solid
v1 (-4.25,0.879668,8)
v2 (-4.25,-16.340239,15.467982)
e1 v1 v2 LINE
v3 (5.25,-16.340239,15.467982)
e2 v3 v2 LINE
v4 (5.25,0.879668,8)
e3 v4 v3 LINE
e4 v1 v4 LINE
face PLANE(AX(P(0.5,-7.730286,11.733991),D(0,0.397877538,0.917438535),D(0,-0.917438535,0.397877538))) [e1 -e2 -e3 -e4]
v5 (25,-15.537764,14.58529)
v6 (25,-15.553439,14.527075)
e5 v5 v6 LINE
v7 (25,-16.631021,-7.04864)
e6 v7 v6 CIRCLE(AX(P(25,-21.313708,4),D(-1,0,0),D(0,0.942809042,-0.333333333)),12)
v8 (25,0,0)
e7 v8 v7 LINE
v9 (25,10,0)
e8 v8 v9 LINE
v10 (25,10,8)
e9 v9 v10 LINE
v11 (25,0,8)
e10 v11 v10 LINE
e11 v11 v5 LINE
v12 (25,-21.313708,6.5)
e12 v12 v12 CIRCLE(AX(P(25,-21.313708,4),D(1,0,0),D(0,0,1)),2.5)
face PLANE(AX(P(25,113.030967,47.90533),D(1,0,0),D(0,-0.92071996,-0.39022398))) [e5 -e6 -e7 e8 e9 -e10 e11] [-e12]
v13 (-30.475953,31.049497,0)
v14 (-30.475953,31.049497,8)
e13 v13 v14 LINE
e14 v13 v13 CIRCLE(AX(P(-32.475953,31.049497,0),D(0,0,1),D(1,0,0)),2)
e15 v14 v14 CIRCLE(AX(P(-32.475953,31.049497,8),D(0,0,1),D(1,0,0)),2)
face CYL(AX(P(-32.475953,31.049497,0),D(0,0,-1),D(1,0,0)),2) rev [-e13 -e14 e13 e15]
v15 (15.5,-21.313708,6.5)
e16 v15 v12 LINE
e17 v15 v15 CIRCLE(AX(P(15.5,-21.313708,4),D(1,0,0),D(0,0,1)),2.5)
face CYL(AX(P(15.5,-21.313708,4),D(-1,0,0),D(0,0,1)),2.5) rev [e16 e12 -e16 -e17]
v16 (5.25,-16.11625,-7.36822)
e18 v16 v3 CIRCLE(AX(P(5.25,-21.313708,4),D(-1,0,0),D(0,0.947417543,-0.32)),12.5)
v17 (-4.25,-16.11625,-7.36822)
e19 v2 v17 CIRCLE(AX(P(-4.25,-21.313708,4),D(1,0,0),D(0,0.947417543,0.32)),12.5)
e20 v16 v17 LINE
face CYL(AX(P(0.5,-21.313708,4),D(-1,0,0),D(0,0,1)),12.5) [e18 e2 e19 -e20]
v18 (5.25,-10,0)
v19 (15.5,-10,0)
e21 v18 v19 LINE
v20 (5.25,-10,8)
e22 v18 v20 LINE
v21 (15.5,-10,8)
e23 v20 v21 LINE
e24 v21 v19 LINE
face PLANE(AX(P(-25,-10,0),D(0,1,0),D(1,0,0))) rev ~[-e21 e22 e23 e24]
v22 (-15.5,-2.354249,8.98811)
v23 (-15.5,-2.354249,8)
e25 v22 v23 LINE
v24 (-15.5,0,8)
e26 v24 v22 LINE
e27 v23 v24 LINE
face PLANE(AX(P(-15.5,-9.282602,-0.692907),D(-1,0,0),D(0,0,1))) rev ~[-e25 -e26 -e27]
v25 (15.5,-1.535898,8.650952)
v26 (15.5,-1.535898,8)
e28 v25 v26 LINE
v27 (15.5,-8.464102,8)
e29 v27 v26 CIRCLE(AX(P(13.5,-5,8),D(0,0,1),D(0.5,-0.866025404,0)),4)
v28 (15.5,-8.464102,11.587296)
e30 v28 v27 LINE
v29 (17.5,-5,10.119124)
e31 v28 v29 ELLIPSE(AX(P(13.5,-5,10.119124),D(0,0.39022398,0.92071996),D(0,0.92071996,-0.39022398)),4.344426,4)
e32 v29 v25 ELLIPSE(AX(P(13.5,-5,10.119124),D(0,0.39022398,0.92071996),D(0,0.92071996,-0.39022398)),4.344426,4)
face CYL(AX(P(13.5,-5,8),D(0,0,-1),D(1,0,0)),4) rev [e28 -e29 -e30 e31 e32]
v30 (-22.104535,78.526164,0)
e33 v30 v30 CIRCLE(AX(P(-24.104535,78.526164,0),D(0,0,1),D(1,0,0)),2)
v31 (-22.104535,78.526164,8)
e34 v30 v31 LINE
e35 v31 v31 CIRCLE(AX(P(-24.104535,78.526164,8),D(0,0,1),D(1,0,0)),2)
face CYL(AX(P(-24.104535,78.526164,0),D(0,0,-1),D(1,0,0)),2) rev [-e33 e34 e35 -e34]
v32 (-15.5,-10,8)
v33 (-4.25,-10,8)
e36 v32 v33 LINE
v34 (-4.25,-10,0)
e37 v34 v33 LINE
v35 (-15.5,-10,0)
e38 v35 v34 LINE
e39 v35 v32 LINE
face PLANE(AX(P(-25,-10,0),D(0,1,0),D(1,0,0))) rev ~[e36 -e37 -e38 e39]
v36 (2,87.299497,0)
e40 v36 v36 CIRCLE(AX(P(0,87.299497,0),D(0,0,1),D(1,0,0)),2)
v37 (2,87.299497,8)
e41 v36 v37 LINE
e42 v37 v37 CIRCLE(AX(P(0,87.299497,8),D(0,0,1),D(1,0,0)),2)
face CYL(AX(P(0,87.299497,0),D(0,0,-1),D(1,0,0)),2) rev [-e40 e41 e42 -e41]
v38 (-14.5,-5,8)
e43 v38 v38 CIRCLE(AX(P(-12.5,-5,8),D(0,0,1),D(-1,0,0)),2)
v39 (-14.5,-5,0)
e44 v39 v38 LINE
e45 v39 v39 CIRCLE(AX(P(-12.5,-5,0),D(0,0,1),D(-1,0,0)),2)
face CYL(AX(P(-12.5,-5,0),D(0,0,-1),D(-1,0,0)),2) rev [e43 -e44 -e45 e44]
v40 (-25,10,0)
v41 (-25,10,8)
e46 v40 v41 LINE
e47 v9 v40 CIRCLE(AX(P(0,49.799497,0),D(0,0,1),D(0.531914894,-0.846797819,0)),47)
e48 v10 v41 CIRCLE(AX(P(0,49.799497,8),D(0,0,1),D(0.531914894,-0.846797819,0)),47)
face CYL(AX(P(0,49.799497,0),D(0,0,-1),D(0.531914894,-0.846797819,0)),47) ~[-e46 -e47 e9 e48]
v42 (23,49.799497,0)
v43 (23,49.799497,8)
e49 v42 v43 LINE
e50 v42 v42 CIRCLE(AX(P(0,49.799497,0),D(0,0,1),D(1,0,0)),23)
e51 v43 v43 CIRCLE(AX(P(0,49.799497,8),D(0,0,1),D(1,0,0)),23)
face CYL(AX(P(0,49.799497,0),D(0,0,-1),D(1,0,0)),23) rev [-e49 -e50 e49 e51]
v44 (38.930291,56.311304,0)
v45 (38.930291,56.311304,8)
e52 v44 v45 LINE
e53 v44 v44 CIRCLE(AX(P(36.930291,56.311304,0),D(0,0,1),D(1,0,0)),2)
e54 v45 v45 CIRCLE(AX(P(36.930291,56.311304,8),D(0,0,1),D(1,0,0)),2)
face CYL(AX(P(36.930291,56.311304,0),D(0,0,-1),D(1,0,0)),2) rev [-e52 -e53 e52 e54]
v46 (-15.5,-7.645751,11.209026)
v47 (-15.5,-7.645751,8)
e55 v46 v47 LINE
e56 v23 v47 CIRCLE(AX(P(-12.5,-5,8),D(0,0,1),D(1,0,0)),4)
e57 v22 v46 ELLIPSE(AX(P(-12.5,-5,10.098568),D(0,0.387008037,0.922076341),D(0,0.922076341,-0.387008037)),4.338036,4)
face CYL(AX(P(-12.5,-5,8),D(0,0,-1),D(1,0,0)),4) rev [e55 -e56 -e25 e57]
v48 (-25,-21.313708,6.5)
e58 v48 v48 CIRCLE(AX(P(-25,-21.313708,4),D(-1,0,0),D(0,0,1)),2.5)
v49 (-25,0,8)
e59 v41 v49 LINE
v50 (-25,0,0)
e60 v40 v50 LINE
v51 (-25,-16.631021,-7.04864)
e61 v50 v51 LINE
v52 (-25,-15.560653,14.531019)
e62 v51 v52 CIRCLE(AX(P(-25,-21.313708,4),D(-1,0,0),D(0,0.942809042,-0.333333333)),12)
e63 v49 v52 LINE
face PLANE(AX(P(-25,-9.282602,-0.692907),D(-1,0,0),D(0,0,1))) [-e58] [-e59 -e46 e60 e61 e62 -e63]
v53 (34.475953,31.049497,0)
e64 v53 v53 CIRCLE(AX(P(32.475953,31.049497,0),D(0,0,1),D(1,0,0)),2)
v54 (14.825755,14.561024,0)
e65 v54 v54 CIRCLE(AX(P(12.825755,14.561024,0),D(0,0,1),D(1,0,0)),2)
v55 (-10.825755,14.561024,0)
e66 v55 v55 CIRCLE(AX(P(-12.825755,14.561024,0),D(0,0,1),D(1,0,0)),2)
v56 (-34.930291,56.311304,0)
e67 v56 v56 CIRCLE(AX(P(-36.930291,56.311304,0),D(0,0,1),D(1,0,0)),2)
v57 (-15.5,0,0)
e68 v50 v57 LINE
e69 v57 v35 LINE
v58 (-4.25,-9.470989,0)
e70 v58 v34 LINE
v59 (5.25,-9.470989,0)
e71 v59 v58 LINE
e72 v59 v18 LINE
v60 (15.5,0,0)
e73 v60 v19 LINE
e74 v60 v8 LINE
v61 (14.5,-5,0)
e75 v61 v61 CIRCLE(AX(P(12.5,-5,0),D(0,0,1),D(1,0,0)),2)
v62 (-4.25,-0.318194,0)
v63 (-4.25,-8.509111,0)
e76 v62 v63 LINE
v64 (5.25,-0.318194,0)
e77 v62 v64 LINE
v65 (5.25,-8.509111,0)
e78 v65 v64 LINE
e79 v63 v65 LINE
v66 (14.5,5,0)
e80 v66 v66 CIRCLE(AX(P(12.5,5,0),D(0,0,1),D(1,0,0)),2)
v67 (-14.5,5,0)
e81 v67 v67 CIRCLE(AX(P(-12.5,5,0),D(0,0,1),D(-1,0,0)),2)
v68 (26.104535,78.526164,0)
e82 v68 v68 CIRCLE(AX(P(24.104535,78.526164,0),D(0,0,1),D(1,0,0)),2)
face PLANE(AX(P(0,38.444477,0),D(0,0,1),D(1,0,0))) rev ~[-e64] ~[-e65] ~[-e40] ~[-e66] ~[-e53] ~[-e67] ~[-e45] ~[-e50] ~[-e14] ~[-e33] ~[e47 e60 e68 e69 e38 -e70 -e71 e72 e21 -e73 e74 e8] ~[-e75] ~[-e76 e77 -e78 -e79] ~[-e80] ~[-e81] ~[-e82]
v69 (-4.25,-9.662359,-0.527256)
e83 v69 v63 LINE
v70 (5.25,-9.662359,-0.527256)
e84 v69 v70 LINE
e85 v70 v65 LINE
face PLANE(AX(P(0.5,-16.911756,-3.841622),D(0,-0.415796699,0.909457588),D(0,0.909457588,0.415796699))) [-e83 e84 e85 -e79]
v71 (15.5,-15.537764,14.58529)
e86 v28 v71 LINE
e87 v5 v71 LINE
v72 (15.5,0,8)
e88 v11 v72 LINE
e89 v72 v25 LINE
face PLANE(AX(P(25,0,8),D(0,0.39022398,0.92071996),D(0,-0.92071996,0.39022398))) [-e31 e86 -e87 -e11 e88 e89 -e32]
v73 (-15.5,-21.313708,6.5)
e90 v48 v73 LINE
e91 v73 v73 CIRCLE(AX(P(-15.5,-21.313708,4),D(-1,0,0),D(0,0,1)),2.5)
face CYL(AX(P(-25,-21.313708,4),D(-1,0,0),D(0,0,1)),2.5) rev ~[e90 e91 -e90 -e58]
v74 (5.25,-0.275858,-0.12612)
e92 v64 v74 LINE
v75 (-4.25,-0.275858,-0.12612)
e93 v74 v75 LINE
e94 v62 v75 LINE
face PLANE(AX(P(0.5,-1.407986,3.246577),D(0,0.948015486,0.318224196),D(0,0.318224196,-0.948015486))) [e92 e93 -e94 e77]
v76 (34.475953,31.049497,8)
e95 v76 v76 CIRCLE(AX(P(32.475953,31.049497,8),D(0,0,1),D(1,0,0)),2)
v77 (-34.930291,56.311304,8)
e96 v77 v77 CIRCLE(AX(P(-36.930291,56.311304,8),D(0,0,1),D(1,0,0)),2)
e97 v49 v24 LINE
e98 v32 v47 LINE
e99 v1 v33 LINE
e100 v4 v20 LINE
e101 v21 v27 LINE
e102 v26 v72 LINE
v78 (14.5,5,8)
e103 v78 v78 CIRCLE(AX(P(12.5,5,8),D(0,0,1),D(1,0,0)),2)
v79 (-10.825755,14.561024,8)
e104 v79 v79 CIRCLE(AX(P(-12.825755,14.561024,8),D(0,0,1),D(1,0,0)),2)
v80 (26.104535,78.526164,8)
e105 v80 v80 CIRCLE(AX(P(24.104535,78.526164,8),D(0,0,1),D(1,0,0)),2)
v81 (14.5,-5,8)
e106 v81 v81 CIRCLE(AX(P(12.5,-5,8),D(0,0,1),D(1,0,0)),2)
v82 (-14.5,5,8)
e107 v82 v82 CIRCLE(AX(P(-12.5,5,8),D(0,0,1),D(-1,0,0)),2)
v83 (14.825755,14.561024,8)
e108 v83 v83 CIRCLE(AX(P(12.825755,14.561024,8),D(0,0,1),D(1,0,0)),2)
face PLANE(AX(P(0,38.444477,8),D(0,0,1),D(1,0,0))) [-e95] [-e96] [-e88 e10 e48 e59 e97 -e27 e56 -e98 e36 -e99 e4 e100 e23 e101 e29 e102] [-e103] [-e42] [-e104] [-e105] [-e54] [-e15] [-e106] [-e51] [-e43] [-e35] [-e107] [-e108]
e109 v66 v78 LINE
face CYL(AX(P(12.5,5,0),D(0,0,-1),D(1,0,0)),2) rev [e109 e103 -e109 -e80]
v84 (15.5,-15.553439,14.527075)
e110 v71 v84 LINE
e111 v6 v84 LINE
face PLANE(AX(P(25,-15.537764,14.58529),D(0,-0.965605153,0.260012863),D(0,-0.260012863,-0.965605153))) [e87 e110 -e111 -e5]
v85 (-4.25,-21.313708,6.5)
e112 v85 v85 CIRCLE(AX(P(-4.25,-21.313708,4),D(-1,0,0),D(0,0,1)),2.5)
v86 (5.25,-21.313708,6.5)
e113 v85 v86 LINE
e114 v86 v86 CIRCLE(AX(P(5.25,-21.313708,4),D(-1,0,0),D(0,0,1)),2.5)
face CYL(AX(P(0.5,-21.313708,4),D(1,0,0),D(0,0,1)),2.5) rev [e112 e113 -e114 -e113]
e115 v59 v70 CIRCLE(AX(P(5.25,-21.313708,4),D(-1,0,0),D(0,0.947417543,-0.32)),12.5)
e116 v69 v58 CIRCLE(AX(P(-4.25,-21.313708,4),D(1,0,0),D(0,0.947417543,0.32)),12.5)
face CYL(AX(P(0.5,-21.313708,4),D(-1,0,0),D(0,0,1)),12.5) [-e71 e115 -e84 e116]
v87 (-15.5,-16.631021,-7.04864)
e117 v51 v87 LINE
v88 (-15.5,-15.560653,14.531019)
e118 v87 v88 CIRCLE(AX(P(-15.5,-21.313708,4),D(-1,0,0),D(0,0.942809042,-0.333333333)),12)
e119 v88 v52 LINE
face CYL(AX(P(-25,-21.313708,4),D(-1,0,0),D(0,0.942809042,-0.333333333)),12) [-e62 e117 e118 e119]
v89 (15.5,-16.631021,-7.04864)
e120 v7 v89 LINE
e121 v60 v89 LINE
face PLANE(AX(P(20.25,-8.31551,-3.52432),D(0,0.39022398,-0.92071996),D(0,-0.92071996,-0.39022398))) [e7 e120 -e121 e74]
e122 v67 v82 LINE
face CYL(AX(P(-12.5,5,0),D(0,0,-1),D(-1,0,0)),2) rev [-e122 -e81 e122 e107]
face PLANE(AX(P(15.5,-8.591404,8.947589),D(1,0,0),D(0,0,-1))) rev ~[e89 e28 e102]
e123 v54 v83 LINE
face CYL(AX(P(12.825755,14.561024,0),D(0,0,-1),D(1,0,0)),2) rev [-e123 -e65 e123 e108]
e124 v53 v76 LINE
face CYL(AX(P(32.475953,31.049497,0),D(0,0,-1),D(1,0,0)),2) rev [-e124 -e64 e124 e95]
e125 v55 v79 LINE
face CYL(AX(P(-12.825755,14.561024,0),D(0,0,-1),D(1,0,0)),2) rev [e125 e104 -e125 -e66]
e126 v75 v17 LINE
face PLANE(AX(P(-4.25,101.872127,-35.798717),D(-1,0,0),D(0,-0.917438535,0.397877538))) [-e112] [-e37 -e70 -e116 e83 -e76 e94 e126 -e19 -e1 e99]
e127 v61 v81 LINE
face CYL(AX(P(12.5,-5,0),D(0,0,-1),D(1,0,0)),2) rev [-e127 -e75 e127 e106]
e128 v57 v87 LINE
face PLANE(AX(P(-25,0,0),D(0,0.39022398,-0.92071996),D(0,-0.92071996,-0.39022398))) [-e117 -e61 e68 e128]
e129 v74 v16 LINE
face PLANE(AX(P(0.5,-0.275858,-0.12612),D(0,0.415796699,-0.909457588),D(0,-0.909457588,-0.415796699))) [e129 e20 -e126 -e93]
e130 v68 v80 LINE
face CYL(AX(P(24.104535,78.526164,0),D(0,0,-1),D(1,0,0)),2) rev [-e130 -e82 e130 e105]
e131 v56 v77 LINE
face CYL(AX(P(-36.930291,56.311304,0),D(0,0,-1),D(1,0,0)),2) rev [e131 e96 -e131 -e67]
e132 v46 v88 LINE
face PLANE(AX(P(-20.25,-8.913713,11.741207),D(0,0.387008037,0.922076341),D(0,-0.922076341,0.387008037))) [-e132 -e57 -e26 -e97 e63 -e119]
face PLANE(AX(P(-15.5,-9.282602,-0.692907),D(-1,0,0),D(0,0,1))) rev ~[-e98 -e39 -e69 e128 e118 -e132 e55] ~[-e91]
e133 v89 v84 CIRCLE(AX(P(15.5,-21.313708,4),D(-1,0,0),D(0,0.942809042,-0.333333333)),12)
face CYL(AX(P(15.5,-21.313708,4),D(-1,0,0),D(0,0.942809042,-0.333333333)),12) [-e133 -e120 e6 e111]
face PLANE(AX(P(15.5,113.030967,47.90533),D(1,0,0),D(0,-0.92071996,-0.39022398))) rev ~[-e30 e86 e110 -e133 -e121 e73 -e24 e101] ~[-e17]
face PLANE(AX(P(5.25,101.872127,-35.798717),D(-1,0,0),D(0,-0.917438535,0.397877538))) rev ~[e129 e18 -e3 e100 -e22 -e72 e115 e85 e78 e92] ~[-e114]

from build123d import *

# Parameters (mm, degrees)
SKETCH_1_R                  = 2
SKETCH_1_R_2                = 23
EXTRUDE_1_DEPTH             = 8
SKETCH_2_R                  = 2.5
EXTRUDE_2_DEPTH             = 9.5
EXTRUDE_START               = -9.5
SKETCH_4_R                  = 2.5
EXTRUDE_4_DEPTH             = 9.5
SKETCH_6_R                  = 12.5
SKETCH_6_R_2                = 2.5
EXTRUDE_1_2_DEPTH           = 4.75
RIB_1_REACH                 = 123.764
SKETCH_7_WALL_W             = 264.861352648
SKETCH_7_WALL_H             = 9.5
EXTRUDE_5_DEPTH             = 9.5
EXTRUDE_6_DEPTH             = 9.5
CUT_EXTRUDE_3_REACH         = 110.864
SKETCH_20_R                 = 4
EXTRUDE_7_REACH             = 111.081
EXTRUDE_7_DIRECTION_2_REACH = 111.081
RIB_2_REACH                 = 123.764
SKETCH_14_WALL_W            = 263.59041227
SKETCH_14_WALL_H            = 9.5
RIB_3_REACH                 = 111.081
SKETCH_26_WALL_W            = 238.931348054
SKETCH_26_WALL_H            = 9.5


with BuildPart() as part:
    # 草图1 → Extrude 1 (new body)
    with BuildSketch(Plane.XY):
        with BuildLine():
            Line((-25, -10), (25, -10))
            Line((25, -10), (25, 10))
            ThreePointArc((25, 10), (0, 96.799497484), (-25, 10))
            Line((-25, 10), (-25, -10))
        make_face()
        with Locations((24.104535363, 78.526164101)):
            Circle(SKETCH_1_R, mode=Mode.SUBTRACT)
        with Locations((36.930290738, 56.311304147)):
            Circle(SKETCH_1_R, mode=Mode.SUBTRACT)
        with Locations((32.475952642, 31.049497484)):
            Circle(SKETCH_1_R, mode=Mode.SUBTRACT)
        with Locations((12.825755375, 14.561024205)):
            Circle(SKETCH_1_R, mode=Mode.SUBTRACT)
        with Locations((-12.825755375, 14.561024205)):
            Circle(SKETCH_1_R, mode=Mode.SUBTRACT)
        with Locations((-32.475952642, 31.049497484)):
            Circle(SKETCH_1_R, mode=Mode.SUBTRACT)
        with Locations((-36.930290738, 56.311304147)):
            Circle(SKETCH_1_R, mode=Mode.SUBTRACT)
        with Locations((-24.104535363, 78.526164101)):
            Circle(SKETCH_1_R, mode=Mode.SUBTRACT)
        with Locations((0, 87.299497484)):
            Circle(SKETCH_1_R, mode=Mode.SUBTRACT)
        with Locations((12.5, -5)):
            Circle(SKETCH_1_R, mode=Mode.SUBTRACT)
        with Locations(Location((-12.5, -5, 0), (0, 0, 180))):
            Circle(SKETCH_1_R, mode=Mode.SUBTRACT)
        with Locations((12.5, 5)):
            Circle(SKETCH_1_R, mode=Mode.SUBTRACT)
        with Locations(Location((-12.5, 5, 0), (0, 0, 180))):
            Circle(SKETCH_1_R, mode=Mode.SUBTRACT)
        with Locations((0, 49.799497484)):
            Circle(SKETCH_1_R_2, mode=Mode.SUBTRACT)
    extrude(amount=EXTRUDE_1_DEPTH)

    # 草图2 → 凸台-拉伸2 (add)
    with BuildSketch(Plane.ZY.offset(25)):
        with BuildLine():
            ThreePointArc((0, -10), (4, -33.313708499), (8, -10))
            Line((8, -10), (0, -10))
        make_face()
        with Locations((4, -21.313708499)):
            Circle(SKETCH_2_R, mode=Mode.SUBTRACT)
    extrude(amount=-EXTRUDE_2_DEPTH)

    # 草图4 → 凸台-拉伸4 (add)
    with BuildSketch(Plane(origin=(25, 0, 0), x_dir=(0, 0, -1), z_dir=(1, 0, 0)).offset(EXTRUDE_START)):
        with BuildLine():
            Line((-8, -10), (0, -10))
            ThreePointArc((0, -10), (-4, -33.313708499), (-8, -10))
        make_face()
        with Locations(Location((-4, -21.313708499, 0), (0, 0, 180))):
            Circle(SKETCH_4_R, mode=Mode.SUBTRACT)
    extrude(amount=EXTRUDE_4_DEPTH)

    # 草图6 → Extrude 1 2 (add, symmetric)
    with BuildSketch(Plane.ZY.offset(-0.5)):
        with Locations((4, -21.313708499)):
            Circle(SKETCH_6_R)
        with Locations((4, -21.313708499)):
            Circle(SKETCH_6_R_2, mode=Mode.SUBTRACT)
    extrude(amount=EXTRUDE_1_2_DEPTH, both=True)

    # 草图7 wall → 筋1 (add, up to next)
    with BuildSketch(Plane(origin=(-25, -8.913712594, 11.741206943), x_dir=(0, -0.922076341467, 0.387008036747), z_dir=(0, 0.387008036747, 0.922076341467)), mode=Mode.PRIVATE) as rib_1_sk1:
        with Locations((0, 4.75)):
            Rectangle(SKETCH_7_WALL_W, SKETCH_7_WALL_H)
    rib_1_tool1 = extrude(rib_1_sk1.sketch, amount=-RIB_1_REACH, mode=Mode.PRIVATE) - part.part
    add(rib_1_tool1.solids().sort_by_distance((-25, -8.913712594, 11.741206943))[0])

    # 草图12 → 凸台-拉伸5 (add)
    with BuildSketch(Plane(origin=(25, 0, 0), x_dir=(0, 0, -1), z_dir=(1, 0, 0))):
        Polygon((-8, 0), (-14.585289986, -15.537763557), (-9.647107703, -16.867490218), (-3.376423307, -1.94259218), align=None)
    extrude(amount=-EXTRUDE_5_DEPTH)

    # 草图15 → 凸台-拉伸6 (add)
    with BuildSketch(Plane.ZY.offset(25)):
        Polygon((0, 0), (-7.048639525, -16.631020739), (-1.081318286, -18.151978355), (5.605109172, -2.375584437), align=None)
    extrude(amount=-EXTRUDE_6_DEPTH)

    # 切除-拉伸3: up to this plane
    cut_extrude_3_end = Plane(origin=(-4.752183054, 0, 8), z_dir=(0, 0.390223979972796, 0.9207199603865396))
    # 草图20 → 切除-拉伸3 (cut, up to the surface)
    with BuildSketch(Plane.XY.offset(8), mode=Mode.PRIVATE) as cut_extrude_3_sk1:
        with Locations((-12.5, -5)):
            Circle(SKETCH_20_R)
    cut_extrude_3_tool1 = split(extrude(cut_extrude_3_sk1.sketch, amount=CUT_EXTRUDE_3_REACH, mode=Mode.PRIVATE), bisect_by=cut_extrude_3_end, keep=Keep.BOTH, mode=Mode.PRIVATE)
    add(cut_extrude_3_tool1.solids().sort_by_distance((-12.5, -5, 8))[0], mode=Mode.SUBTRACT)
    # 草图20 → 切除-拉伸3 (cut, up to the surface)
    with BuildSketch(Plane.XY.offset(8), mode=Mode.PRIVATE) as cut_extrude_3_sk2:
        with Locations((13.5, -5)):
            Circle(SKETCH_20_R)
    cut_extrude_3_tool2 = split(extrude(cut_extrude_3_sk2.sketch, amount=CUT_EXTRUDE_3_REACH, mode=Mode.PRIVATE), bisect_by=cut_extrude_3_end, keep=Keep.BOTH, mode=Mode.PRIVATE)
    add(cut_extrude_3_tool2.solids().sort_by_distance((13.5, -5, 8))[0], mode=Mode.SUBTRACT)

    # 凸台-拉伸7: up to this face of the body (flat: up to its plane)
    extrude_7_end = Plane(part.part.faces().sort_by_distance((-4.25, -9.735494608, -0.348936668))[0])
    # 草图23 → 凸台-拉伸7 (add, up to the picked face)
    with BuildSketch(Plane.ZY.offset(-0.5), mode=Mode.PRIVATE) as extrude_7_sk1:
        Polygon((3.246577314, -1.407985537), (-0.12612028, -0.27585848), (-7.368219852, -16.116249756), (-3.841621723, -16.91175555), align=None)
    extrude_7_tool1 = split(extrude(extrude_7_sk1.sketch, amount=EXTRUDE_7_REACH, mode=Mode.PRIVATE), bisect_by=extrude_7_end, keep=Keep.BOTH, mode=Mode.PRIVATE)
    add(extrude_7_tool1.solids().sort_by(Axis((0.5, -8.676237, -2.028521), (-1, 0, 0)))[0])

    # 凸台-拉伸7 direction 2: up to this face of the body (flat: up to its plane)
    extrude_7_direction_2_end = Plane(part.part.faces().sort_by_distance((5.25, -9.735494608, -0.348936668))[0])
    # 草图23 → 凸台-拉伸7 direction 2 (add, up to the picked face)
    with BuildSketch(Plane.ZY.offset(-0.5), mode=Mode.PRIVATE) as extrude_7_direction_2_sk1:
        Polygon((3.246577314, -1.407985537), (-0.12612028, -0.27585848), (-7.368219852, -16.116249756), (-3.841621723, -16.91175555), align=None)
    extrude_7_direction_2_tool1 = split(extrude(extrude_7_direction_2_sk1.sketch, amount=-EXTRUDE_7_DIRECTION_2_REACH, mode=Mode.PRIVATE), bisect_by=extrude_7_direction_2_end, keep=Keep.BOTH, mode=Mode.PRIVATE)
    add(extrude_7_direction_2_tool1.solids().sort_by(Axis((0.5, -8.676237, -2.028521), (1, 0, 0)))[0])

    # 草图14 wall → 筋2 (add, up to next)
    with BuildSketch(Plane(origin=(25, -8.31551037, -3.524319762), x_dir=(0, -0.920719960377, -0.390223979996), z_dir=(0, 0.390223979996, -0.920719960377)), mode=Mode.PRIVATE) as rib_2_sk1:
        with Locations((0, 4.75)):
            Rectangle(SKETCH_14_WALL_W, SKETCH_14_WALL_H)
    rib_2_tool1 = extrude(rib_2_sk1.sketch, amount=-RIB_2_REACH, mode=Mode.PRIVATE) - part.part
    add(rib_2_tool1.solids().sort_by_distance((25, -8.31551037, -3.524319762))[0])

    # 草图26 wall → 筋3 (add, up to next)
    with BuildSketch(Plane(origin=(0.5, -7.730285811, 11.733990841), x_dir=(0, -0.917438534624, 0.397877537927), z_dir=(0, 0.397877537927, 0.917438534624)), mode=Mode.PRIVATE) as rib_3_sk1:
        Rectangle(SKETCH_26_WALL_W, SKETCH_26_WALL_H)
    rib_3_tool1 = extrude(rib_3_sk1.sketch, amount=-RIB_3_REACH, mode=Mode.PRIVATE) - part.part
    add(rib_3_tool1.solids().sort_by_distance((0.5, -7.730285811, 11.733990841))[0])


solid = part.part
